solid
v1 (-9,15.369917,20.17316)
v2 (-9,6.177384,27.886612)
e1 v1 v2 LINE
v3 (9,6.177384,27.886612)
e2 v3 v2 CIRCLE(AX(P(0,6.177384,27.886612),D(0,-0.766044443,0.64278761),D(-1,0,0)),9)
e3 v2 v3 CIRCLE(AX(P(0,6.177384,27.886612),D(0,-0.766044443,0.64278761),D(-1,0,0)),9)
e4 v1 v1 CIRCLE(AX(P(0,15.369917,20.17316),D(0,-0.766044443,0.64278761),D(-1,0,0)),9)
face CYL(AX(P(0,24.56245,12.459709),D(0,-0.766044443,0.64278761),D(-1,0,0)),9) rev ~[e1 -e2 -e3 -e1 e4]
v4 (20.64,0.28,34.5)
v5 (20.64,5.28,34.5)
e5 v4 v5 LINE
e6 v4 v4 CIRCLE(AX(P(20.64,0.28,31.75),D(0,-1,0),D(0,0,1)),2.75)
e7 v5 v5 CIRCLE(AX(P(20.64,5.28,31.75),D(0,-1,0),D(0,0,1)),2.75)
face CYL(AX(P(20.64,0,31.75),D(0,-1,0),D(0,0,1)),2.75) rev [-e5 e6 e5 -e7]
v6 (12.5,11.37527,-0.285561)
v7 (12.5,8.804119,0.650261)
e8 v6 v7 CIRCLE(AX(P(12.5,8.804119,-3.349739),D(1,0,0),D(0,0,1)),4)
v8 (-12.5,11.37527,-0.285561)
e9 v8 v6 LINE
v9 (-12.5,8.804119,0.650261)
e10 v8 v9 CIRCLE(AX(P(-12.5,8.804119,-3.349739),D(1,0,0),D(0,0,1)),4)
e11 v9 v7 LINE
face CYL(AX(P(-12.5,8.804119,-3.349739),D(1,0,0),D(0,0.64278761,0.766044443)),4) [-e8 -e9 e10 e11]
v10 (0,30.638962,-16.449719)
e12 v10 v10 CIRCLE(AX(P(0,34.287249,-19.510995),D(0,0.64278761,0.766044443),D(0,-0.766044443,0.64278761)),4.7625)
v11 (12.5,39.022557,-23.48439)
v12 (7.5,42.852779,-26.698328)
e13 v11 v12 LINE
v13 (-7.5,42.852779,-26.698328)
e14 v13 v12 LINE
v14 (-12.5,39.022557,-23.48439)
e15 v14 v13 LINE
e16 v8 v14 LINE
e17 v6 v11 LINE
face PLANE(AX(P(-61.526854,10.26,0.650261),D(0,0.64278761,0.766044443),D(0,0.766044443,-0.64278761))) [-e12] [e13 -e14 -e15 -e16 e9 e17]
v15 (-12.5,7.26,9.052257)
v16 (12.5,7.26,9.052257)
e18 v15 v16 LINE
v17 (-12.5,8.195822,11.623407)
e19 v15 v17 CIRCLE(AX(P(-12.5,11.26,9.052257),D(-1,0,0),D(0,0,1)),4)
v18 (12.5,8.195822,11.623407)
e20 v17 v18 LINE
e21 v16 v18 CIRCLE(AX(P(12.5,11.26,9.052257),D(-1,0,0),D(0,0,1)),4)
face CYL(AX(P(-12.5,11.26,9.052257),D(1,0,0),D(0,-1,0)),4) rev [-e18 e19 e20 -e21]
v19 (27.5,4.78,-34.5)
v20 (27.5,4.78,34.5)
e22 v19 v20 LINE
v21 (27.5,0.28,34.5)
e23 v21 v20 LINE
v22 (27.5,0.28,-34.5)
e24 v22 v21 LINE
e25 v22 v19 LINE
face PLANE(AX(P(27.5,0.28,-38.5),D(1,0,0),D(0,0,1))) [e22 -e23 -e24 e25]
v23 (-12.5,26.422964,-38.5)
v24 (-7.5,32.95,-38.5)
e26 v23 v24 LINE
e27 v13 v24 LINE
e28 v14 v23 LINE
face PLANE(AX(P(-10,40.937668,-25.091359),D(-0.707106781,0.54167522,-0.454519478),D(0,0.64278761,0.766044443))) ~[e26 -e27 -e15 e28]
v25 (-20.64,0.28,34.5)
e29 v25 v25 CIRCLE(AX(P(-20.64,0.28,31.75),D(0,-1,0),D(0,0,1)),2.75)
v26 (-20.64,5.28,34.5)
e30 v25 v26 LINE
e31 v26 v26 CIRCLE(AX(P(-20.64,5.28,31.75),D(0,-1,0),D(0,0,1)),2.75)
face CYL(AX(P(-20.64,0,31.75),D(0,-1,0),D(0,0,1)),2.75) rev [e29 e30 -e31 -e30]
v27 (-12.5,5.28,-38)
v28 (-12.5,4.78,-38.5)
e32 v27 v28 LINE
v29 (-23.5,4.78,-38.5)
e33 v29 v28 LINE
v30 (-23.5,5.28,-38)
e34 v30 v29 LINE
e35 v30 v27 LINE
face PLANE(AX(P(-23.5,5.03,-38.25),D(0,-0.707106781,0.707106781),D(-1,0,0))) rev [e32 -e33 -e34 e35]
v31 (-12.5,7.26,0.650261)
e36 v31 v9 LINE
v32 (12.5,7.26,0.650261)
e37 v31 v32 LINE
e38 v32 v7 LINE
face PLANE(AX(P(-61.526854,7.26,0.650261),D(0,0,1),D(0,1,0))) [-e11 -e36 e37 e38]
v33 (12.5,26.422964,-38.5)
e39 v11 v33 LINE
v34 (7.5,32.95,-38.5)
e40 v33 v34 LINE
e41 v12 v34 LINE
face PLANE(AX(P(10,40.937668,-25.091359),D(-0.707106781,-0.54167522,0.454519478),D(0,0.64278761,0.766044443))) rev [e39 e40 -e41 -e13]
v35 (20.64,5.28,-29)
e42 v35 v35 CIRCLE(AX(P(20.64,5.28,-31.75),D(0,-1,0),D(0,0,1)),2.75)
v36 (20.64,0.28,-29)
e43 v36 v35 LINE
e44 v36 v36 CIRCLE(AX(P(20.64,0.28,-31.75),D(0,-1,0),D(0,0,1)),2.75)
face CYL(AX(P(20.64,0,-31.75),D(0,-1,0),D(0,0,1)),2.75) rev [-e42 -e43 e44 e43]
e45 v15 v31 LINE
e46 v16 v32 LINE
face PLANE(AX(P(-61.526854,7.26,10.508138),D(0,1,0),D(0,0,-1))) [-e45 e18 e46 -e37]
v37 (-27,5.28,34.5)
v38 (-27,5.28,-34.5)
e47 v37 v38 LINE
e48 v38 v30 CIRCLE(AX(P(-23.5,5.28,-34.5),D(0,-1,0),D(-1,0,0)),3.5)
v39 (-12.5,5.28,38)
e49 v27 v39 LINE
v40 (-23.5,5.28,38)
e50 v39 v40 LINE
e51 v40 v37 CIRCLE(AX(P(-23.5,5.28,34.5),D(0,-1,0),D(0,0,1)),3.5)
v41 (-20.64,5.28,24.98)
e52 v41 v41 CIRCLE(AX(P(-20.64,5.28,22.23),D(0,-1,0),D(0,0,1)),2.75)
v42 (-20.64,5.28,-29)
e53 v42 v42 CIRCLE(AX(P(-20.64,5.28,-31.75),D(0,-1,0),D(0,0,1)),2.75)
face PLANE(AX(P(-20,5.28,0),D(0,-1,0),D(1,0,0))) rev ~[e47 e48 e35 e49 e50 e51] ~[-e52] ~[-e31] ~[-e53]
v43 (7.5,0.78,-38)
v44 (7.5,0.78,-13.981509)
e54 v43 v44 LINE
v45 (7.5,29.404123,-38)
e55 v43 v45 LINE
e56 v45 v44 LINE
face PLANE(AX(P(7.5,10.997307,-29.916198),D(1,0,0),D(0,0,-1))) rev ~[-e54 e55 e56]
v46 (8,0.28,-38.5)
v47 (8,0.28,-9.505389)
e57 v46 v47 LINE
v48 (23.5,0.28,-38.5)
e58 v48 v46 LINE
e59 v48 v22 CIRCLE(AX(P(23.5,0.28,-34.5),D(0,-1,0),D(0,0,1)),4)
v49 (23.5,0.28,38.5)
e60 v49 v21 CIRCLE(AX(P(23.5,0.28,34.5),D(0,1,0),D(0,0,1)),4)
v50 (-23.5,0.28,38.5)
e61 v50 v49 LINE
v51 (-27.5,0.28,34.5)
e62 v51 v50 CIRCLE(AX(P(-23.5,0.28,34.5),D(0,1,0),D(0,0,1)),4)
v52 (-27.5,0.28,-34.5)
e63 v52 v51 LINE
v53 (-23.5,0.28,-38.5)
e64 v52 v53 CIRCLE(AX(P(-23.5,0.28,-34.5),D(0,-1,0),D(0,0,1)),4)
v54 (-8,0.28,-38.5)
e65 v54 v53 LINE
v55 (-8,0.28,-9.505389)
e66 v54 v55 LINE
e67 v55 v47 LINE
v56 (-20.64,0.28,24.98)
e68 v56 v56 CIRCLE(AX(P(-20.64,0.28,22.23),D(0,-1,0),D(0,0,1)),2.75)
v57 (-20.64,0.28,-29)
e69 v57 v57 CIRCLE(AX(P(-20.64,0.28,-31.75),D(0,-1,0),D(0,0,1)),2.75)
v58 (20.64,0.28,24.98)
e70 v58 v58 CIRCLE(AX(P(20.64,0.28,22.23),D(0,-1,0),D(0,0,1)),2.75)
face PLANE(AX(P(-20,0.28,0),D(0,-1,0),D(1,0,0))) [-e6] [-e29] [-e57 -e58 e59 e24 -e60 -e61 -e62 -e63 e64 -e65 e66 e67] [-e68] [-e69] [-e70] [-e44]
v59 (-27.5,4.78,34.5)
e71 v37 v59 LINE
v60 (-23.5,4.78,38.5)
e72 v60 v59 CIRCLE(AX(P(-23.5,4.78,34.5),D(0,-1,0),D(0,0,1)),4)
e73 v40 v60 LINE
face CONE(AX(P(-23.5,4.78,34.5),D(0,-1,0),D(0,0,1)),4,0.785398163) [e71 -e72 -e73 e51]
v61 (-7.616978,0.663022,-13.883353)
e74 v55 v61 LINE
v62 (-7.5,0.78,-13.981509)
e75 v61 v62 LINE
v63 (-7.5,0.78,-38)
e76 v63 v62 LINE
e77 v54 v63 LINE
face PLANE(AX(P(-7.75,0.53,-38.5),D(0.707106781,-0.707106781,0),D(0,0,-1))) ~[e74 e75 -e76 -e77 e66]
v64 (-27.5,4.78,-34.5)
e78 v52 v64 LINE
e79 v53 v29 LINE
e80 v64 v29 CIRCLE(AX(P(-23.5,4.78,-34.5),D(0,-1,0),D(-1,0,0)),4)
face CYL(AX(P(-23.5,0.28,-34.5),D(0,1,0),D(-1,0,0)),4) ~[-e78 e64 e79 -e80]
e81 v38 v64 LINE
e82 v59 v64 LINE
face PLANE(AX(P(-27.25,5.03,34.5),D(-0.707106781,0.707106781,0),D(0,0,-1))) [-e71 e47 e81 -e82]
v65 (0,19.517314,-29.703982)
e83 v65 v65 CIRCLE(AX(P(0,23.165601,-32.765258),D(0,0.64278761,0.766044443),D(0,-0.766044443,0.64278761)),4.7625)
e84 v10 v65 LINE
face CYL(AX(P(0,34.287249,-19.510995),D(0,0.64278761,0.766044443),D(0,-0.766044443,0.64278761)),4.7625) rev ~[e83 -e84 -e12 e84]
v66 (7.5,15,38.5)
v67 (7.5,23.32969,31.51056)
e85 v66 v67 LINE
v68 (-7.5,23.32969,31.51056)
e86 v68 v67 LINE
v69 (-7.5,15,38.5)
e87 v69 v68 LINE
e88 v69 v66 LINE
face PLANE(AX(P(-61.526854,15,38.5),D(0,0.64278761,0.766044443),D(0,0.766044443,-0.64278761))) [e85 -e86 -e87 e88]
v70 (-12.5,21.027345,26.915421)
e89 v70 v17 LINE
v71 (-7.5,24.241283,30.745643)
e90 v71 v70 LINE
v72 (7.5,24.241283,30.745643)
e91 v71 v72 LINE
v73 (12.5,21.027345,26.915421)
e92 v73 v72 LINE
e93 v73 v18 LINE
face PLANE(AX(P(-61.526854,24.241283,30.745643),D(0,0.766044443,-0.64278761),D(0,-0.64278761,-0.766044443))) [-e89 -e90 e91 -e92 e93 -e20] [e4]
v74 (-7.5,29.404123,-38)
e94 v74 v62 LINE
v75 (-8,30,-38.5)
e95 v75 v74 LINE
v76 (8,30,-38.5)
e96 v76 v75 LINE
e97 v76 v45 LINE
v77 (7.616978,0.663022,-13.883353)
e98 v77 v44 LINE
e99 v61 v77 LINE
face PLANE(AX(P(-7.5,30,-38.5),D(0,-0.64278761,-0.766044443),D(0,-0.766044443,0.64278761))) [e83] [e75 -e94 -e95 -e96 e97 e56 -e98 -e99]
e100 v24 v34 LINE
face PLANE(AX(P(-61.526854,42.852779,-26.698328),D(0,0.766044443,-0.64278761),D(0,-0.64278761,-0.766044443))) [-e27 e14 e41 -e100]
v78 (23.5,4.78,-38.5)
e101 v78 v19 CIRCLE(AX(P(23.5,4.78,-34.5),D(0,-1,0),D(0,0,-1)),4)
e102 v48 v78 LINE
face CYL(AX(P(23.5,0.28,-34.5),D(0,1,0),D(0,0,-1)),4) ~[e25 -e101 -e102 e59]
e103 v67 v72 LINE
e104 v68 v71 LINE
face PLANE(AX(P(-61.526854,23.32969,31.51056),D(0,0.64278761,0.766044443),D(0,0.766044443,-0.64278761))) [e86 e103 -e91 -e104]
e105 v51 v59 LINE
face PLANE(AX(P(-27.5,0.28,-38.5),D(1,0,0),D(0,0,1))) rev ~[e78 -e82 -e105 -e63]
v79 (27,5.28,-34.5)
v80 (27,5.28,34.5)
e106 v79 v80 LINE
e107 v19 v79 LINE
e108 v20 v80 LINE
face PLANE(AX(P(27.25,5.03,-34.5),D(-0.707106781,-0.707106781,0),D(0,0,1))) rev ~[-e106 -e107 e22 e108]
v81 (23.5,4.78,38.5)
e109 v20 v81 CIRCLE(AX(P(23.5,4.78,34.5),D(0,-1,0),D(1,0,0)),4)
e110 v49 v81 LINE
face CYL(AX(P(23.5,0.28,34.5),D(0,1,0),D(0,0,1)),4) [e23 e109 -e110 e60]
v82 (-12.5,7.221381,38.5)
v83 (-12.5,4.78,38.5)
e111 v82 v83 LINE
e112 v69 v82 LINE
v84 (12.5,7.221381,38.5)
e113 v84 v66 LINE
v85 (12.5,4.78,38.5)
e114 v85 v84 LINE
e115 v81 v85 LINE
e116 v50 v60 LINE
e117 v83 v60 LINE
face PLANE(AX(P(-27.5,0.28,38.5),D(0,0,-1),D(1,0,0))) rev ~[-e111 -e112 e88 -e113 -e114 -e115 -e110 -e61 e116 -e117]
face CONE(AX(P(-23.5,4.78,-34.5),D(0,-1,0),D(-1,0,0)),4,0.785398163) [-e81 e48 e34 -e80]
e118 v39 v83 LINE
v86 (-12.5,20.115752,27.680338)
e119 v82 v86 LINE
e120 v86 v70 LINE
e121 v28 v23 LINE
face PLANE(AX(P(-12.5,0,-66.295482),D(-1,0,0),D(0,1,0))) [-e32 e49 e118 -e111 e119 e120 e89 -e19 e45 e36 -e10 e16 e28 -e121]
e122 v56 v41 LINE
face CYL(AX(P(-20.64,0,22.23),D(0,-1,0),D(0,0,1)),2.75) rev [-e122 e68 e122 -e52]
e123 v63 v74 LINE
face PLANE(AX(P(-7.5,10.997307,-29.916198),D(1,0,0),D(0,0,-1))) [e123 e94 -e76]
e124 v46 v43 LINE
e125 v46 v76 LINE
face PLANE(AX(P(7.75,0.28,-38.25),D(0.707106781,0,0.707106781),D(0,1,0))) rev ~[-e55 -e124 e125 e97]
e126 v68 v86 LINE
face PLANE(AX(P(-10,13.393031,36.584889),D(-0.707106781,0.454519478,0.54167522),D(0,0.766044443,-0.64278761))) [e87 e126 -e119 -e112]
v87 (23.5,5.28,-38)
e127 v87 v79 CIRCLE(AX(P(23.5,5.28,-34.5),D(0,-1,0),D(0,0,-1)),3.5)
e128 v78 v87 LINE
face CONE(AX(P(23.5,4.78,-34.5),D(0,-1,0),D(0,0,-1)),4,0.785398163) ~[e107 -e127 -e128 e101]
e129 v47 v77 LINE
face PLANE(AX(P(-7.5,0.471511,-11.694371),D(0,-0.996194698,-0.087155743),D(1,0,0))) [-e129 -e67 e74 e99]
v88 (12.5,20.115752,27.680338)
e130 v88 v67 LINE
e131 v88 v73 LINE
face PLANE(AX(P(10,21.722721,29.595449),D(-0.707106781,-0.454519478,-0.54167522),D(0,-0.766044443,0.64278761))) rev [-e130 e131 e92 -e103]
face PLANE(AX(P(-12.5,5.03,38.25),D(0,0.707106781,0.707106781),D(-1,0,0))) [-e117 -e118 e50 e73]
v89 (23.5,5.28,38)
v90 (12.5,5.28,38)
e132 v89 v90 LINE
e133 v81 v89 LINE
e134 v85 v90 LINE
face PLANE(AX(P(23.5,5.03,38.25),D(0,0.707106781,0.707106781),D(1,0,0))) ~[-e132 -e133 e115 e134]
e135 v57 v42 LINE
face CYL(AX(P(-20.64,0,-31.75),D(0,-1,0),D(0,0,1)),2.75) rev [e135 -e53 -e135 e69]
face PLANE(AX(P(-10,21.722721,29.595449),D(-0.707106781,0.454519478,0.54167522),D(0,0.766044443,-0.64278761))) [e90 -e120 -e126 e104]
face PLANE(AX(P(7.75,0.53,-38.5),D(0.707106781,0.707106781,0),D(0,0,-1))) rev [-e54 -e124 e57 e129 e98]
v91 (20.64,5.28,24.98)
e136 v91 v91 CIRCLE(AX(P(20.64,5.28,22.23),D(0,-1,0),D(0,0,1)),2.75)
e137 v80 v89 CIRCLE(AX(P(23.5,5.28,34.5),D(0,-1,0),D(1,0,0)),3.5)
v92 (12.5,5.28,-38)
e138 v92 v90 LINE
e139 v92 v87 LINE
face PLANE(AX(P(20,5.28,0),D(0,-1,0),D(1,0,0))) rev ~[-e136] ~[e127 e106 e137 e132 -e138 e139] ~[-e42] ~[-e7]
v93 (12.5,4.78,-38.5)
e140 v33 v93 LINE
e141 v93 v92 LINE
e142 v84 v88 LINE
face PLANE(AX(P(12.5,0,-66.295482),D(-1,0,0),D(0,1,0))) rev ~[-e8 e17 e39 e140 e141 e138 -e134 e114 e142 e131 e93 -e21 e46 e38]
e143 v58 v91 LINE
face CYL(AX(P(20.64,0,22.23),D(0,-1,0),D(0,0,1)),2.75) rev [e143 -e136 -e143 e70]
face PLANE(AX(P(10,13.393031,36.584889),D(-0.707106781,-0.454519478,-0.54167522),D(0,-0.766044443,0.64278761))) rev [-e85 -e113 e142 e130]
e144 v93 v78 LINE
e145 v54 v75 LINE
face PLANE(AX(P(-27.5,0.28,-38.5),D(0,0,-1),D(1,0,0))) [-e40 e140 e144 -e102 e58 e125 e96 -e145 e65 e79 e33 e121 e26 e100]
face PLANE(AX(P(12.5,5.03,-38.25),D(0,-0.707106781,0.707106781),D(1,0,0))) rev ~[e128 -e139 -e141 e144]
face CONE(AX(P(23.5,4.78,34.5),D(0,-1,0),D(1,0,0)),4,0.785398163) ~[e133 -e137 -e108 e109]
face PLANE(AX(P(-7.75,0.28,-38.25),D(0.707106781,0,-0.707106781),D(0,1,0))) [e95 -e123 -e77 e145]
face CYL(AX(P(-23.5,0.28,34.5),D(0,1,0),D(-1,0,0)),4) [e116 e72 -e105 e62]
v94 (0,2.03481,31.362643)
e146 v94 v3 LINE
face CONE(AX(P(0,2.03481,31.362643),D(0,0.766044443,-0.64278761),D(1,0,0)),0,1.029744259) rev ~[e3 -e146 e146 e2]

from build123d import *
from OCP.BRepFilletAPI import BRepFilletAPI_MakeChamfer

# Parameters (mm, degrees)
SKETCH1_W                  = 55
SKETCH1_H                  = 77
BOSS_EXTRUDE1_DEPTH        = 45
CUT_EXTRUDE1_DEPTH         = 66.295482233
CUT_EXTRUDE1_DEPTH_BACK    = 66.295482233
SKETCH2_W                  = 15
SKETCH2_H                  = 45
CUT_EXTRUDE2_DEPTH         = 61.526853545
CUT_EXTRUDE2_DEPTH_BACK    = 61.526853545
SKETCH9_R                  = 4.7625
CUT_EXTRUDE5_DEPTH         = 60.605373357
CUT_EXTRUDE4_DEPTH         = 7.5
CUT_EXTRUDE4_DEPTH_BACK    = 7.5
CHAMFER1_SIZE              = 5
FILLET1_R                  = 4
F_12_0MM_DOWEL_HOLE2_D     = 18
F_12_0MM_DOWEL_HOLE2_DEPTH = 12
F_12_0MM_DOWEL_HOLE2_TIP   = 5.407745571
CUT_EXTRUDE6_DEPTH         = 59.947948642
CUT_EXTRUDE6_DEPTH_BACK    = 59.947948642
SKETCH16_W                 = 77
SKETCH16_H                 = 0.28
SKETCH17_W                 = 15
SKETCH17_H                 = 77
BOSS_EXTRUDE2_DEPTH        = 5
SKETCH18_R                 = 2.75
CUT_EXTRUDE8_DEPTH         = 10
FILLET2_R                  = 4
CHAMFER2_SIZE              = 0.5
CHAMFER2_SIZE2             = 4.056570221


with BuildPart() as part:
    # Sketch1 → Boss-Extrude1 (new body)
    with BuildSketch(Plane(origin=(0, 0, 0), x_dir=(1, 0, 0), z_dir=(0, 1, 0))):
        Rectangle(SKETCH1_W, SKETCH1_H)
    extrude(amount=BOSS_EXTRUDE1_DEPTH)

    # Sketch2 → Cut-Extrude1 (cut, two sides: drawn at the far end of the back side and taken through both)
    with BuildSketch(Plane.XY.offset(-CUT_EXTRUDE1_DEPTH_BACK)):
        with Locations((-20, 22.5)):
            Rectangle(SKETCH2_W, SKETCH2_H)
        with Locations((20, 22.5)):
            Rectangle(SKETCH2_W, SKETCH2_H)
    extrude(amount=CUT_EXTRUDE1_DEPTH + CUT_EXTRUDE1_DEPTH_BACK, mode=Mode.SUBTRACT)

    # Sketch3 → Cut-Extrude2 (cut, two sides: drawn at the far end of the back side and taken through both)
    with BuildSketch(Plane(origin=(0, 0, 0), x_dir=(0, 0, -1), z_dir=(1, 0, 0)).offset(-CUT_EXTRUDE2_DEPTH_BACK)):
        Polygon((-38.5, 15), (-31.51055999, 23.329690242), (-30.745642734, 24.241283129), (-10.508137558, 7.26), (-0.650260841, 7.26), (-0.650260841, 10.26), (26.698327812, 42.85277878), (38.5, 32.95), (38.5, 45), (24.14, 45), (-38.5, 45), align=None)
    extrude(amount=CUT_EXTRUDE2_DEPTH + CUT_EXTRUDE2_DEPTH_BACK, mode=Mode.SUBTRACT)

    # Sketch9 → Cut-Extrude5 (cut, through all)
    with BuildSketch(Plane(origin=(0, 4.559375807, 5.433652498), x_dir=(1, 0, 0), z_dir=(0, 0.6427876096865435, 0.7660444431189747))):
        with Locations(Location((0, 38.806982034, 0), (0, 0, 270))):
            Circle(SKETCH9_R)
    extrude(amount=-CUT_EXTRUDE5_DEPTH, mode=Mode.SUBTRACT)

    # Sketch5 → Cut-Extrude4 (cut, two sides: drawn at the far end of the back side and taken through both)
    with BuildSketch(Plane(origin=(0, 0, 0), x_dir=(0, 0, -1), z_dir=(1, 0, 0)).offset(-CUT_EXTRUDE4_DEPTH_BACK)):
        Polygon((38.5, 0), (38.5, 30), (13.327011065, 0), align=None)
    extrude(amount=CUT_EXTRUDE4_DEPTH + CUT_EXTRUDE4_DEPTH_BACK, mode=Mode.SUBTRACT)

    # Chamfer1
    chamfer1_edges = [part.edges().sort_by_distance(p)[0] for p in [
        (-12.5, 19.620641565, 34.622821367),
        (-12.5, 37.90138939, -32.599163906),
        (12.5, 19.620641565, 34.622821367),
        (12.5, 37.90138939, -32.599163906),
    ]]
    chamfer(chamfer1_edges, length=CHAMFER1_SIZE)

    # Fillet1
    fillet1_edges = [part.edges().sort_by_distance(p)[0] for p in [
        (0, 10.26, 0.650260841),
        (0, 7.26, 10.508137558),
    ]]
    fillet(fillet1_edges, radius=FILLET1_R)

    # Ø12.0mm Dowel Hole2
    with Locations(Plane(origin=(0, -0.913904784, 0.766857167), x_dir=(1, 0, 0), z_dir=(0, 0.7660444431189749, -0.6427876096865432))):
        with Locations((0, -25.333129579)):
            Hole(F_12_0MM_DOWEL_HOLE2_D / 2, depth=F_12_0MM_DOWEL_HOLE2_DEPTH)
            with Locations((0, 0, -(F_12_0MM_DOWEL_HOLE2_DEPTH + F_12_0MM_DOWEL_HOLE2_TIP / 2))):  # 118° drill point
                Cone(0, F_12_0MM_DOWEL_HOLE2_D / 2, F_12_0MM_DOWEL_HOLE2_TIP, mode=Mode.SUBTRACT)

    # Sketch16 → Cut-Extrude6 (cut, two sides: drawn at the far end of the back side and taken through both)
    with BuildSketch(Plane(origin=(0, 0, 0), x_dir=(0, 0, -1), z_dir=(1, 0, 0)).offset(-CUT_EXTRUDE6_DEPTH_BACK)):
        with Locations((0, 0.14)):
            Rectangle(SKETCH16_W, SKETCH16_H)
    extrude(amount=CUT_EXTRUDE6_DEPTH + CUT_EXTRUDE6_DEPTH_BACK, mode=Mode.SUBTRACT)

    # Sketch17 → Boss-Extrude2 (add)
    with BuildSketch(Plane.XZ.offset(-0.28)):
        with Locations((-20, 0)):
            Rectangle(SKETCH17_W, SKETCH17_H)
        with Locations((20, 0)):
            Rectangle(SKETCH17_W, SKETCH17_H)
    extrude(amount=-BOSS_EXTRUDE2_DEPTH)

    # Sketch18 → Cut-Extrude8 (cut)
    with BuildSketch(Plane(origin=(0, 0, 0), x_dir=(1, 0, 0), z_dir=(0, 1, 0))):
        with Locations(Location((-20.64, -31.75, 0), (0, 0, 270))):
            Circle(SKETCH18_R)
        with Locations(Location((-20.64, 31.75, 0), (0, 0, 270))):
            Circle(SKETCH18_R)
        with Locations(Location((-20.64, -22.23, 0), (0, 0, 270))):
            Circle(SKETCH18_R)
        with Locations(Location((20.64, -22.23, 0), (0, 0, 270))):
            Circle(SKETCH18_R)
        with Locations(Location((20.64, 31.75, 0), (0, 0, 270))):
            Circle(SKETCH18_R)
        with Locations(Location((20.64, -31.75, 0), (0, 0, 270))):
            Circle(SKETCH18_R)
    extrude(amount=CUT_EXTRUDE8_DEPTH, mode=Mode.SUBTRACT)

    # Fillet2
    fillet2_edges = [part.edges().sort_by_distance(p)[0] for p in [
        (27.5, 2.78, -38.5),
        (27.5, 2.78, 38.5),
        (-27.5, 2.78, -38.5),
        (-27.5, 2.78, 38.5),
    ]]
    fillet(fillet2_edges, radius=FILLET2_R)

    # Chamfer2: one chamfer whose edges measure the first distance from different faces: ONE call of the kernel's chamfer builder (chamfer() names one face for all edges)
    chamfer2_edges_1 = [part.edges().sort_by_distance(p)[0] for p in [
        (-7.5, 15.14, -38.5),
        (-7.5, 0.28, -26.030979481),
        (7.5, 0.28, -26.030979481),
        (7.5, 15.14, -38.5),
        (-18, 5.28, -38.5),
        (-26.328427125, 5.28, -37.328427125),
        (-27.5, 5.28, 0),
        (-26.328427125, 5.28, 37.328427125),
        (-18, 5.28, 38.5),
        (18, 5.28, -38.5),
        (26.328427125, 5.28, -37.328427125),
        (27.5, 5.28, 0),
        (26.328427125, 5.28, 37.328427125),
        (18, 5.28, 38.5),
    ]]
    chamfer2_edges_2 = [part.edges().sort_by_distance(p)[0] for p in [
        (0, 0.28, -13.561958961),
    ]]
    chamfer2_side_2 = [part.faces().sort_by_distance(p)[0] for p in [
        (0, 14.020211625, -25.091365468),
    ]]
    chamfer2 = BRepFilletAPI_MakeChamfer(part.part.solid().wrapped)
    for e in chamfer2_edges_1:
        chamfer2.Add(CHAMFER2_SIZE, e.wrapped)
    for e in chamfer2_edges_2:
        chamfer2.Add(CHAMFER2_SIZE, CHAMFER2_SIZE2, e.wrapped, chamfer2_side_2[0].wrapped)  # the first distance lies on this face
    add(Compound.cast(chamfer2.Shape()), mode=Mode.REPLACE)


solid = part.part
